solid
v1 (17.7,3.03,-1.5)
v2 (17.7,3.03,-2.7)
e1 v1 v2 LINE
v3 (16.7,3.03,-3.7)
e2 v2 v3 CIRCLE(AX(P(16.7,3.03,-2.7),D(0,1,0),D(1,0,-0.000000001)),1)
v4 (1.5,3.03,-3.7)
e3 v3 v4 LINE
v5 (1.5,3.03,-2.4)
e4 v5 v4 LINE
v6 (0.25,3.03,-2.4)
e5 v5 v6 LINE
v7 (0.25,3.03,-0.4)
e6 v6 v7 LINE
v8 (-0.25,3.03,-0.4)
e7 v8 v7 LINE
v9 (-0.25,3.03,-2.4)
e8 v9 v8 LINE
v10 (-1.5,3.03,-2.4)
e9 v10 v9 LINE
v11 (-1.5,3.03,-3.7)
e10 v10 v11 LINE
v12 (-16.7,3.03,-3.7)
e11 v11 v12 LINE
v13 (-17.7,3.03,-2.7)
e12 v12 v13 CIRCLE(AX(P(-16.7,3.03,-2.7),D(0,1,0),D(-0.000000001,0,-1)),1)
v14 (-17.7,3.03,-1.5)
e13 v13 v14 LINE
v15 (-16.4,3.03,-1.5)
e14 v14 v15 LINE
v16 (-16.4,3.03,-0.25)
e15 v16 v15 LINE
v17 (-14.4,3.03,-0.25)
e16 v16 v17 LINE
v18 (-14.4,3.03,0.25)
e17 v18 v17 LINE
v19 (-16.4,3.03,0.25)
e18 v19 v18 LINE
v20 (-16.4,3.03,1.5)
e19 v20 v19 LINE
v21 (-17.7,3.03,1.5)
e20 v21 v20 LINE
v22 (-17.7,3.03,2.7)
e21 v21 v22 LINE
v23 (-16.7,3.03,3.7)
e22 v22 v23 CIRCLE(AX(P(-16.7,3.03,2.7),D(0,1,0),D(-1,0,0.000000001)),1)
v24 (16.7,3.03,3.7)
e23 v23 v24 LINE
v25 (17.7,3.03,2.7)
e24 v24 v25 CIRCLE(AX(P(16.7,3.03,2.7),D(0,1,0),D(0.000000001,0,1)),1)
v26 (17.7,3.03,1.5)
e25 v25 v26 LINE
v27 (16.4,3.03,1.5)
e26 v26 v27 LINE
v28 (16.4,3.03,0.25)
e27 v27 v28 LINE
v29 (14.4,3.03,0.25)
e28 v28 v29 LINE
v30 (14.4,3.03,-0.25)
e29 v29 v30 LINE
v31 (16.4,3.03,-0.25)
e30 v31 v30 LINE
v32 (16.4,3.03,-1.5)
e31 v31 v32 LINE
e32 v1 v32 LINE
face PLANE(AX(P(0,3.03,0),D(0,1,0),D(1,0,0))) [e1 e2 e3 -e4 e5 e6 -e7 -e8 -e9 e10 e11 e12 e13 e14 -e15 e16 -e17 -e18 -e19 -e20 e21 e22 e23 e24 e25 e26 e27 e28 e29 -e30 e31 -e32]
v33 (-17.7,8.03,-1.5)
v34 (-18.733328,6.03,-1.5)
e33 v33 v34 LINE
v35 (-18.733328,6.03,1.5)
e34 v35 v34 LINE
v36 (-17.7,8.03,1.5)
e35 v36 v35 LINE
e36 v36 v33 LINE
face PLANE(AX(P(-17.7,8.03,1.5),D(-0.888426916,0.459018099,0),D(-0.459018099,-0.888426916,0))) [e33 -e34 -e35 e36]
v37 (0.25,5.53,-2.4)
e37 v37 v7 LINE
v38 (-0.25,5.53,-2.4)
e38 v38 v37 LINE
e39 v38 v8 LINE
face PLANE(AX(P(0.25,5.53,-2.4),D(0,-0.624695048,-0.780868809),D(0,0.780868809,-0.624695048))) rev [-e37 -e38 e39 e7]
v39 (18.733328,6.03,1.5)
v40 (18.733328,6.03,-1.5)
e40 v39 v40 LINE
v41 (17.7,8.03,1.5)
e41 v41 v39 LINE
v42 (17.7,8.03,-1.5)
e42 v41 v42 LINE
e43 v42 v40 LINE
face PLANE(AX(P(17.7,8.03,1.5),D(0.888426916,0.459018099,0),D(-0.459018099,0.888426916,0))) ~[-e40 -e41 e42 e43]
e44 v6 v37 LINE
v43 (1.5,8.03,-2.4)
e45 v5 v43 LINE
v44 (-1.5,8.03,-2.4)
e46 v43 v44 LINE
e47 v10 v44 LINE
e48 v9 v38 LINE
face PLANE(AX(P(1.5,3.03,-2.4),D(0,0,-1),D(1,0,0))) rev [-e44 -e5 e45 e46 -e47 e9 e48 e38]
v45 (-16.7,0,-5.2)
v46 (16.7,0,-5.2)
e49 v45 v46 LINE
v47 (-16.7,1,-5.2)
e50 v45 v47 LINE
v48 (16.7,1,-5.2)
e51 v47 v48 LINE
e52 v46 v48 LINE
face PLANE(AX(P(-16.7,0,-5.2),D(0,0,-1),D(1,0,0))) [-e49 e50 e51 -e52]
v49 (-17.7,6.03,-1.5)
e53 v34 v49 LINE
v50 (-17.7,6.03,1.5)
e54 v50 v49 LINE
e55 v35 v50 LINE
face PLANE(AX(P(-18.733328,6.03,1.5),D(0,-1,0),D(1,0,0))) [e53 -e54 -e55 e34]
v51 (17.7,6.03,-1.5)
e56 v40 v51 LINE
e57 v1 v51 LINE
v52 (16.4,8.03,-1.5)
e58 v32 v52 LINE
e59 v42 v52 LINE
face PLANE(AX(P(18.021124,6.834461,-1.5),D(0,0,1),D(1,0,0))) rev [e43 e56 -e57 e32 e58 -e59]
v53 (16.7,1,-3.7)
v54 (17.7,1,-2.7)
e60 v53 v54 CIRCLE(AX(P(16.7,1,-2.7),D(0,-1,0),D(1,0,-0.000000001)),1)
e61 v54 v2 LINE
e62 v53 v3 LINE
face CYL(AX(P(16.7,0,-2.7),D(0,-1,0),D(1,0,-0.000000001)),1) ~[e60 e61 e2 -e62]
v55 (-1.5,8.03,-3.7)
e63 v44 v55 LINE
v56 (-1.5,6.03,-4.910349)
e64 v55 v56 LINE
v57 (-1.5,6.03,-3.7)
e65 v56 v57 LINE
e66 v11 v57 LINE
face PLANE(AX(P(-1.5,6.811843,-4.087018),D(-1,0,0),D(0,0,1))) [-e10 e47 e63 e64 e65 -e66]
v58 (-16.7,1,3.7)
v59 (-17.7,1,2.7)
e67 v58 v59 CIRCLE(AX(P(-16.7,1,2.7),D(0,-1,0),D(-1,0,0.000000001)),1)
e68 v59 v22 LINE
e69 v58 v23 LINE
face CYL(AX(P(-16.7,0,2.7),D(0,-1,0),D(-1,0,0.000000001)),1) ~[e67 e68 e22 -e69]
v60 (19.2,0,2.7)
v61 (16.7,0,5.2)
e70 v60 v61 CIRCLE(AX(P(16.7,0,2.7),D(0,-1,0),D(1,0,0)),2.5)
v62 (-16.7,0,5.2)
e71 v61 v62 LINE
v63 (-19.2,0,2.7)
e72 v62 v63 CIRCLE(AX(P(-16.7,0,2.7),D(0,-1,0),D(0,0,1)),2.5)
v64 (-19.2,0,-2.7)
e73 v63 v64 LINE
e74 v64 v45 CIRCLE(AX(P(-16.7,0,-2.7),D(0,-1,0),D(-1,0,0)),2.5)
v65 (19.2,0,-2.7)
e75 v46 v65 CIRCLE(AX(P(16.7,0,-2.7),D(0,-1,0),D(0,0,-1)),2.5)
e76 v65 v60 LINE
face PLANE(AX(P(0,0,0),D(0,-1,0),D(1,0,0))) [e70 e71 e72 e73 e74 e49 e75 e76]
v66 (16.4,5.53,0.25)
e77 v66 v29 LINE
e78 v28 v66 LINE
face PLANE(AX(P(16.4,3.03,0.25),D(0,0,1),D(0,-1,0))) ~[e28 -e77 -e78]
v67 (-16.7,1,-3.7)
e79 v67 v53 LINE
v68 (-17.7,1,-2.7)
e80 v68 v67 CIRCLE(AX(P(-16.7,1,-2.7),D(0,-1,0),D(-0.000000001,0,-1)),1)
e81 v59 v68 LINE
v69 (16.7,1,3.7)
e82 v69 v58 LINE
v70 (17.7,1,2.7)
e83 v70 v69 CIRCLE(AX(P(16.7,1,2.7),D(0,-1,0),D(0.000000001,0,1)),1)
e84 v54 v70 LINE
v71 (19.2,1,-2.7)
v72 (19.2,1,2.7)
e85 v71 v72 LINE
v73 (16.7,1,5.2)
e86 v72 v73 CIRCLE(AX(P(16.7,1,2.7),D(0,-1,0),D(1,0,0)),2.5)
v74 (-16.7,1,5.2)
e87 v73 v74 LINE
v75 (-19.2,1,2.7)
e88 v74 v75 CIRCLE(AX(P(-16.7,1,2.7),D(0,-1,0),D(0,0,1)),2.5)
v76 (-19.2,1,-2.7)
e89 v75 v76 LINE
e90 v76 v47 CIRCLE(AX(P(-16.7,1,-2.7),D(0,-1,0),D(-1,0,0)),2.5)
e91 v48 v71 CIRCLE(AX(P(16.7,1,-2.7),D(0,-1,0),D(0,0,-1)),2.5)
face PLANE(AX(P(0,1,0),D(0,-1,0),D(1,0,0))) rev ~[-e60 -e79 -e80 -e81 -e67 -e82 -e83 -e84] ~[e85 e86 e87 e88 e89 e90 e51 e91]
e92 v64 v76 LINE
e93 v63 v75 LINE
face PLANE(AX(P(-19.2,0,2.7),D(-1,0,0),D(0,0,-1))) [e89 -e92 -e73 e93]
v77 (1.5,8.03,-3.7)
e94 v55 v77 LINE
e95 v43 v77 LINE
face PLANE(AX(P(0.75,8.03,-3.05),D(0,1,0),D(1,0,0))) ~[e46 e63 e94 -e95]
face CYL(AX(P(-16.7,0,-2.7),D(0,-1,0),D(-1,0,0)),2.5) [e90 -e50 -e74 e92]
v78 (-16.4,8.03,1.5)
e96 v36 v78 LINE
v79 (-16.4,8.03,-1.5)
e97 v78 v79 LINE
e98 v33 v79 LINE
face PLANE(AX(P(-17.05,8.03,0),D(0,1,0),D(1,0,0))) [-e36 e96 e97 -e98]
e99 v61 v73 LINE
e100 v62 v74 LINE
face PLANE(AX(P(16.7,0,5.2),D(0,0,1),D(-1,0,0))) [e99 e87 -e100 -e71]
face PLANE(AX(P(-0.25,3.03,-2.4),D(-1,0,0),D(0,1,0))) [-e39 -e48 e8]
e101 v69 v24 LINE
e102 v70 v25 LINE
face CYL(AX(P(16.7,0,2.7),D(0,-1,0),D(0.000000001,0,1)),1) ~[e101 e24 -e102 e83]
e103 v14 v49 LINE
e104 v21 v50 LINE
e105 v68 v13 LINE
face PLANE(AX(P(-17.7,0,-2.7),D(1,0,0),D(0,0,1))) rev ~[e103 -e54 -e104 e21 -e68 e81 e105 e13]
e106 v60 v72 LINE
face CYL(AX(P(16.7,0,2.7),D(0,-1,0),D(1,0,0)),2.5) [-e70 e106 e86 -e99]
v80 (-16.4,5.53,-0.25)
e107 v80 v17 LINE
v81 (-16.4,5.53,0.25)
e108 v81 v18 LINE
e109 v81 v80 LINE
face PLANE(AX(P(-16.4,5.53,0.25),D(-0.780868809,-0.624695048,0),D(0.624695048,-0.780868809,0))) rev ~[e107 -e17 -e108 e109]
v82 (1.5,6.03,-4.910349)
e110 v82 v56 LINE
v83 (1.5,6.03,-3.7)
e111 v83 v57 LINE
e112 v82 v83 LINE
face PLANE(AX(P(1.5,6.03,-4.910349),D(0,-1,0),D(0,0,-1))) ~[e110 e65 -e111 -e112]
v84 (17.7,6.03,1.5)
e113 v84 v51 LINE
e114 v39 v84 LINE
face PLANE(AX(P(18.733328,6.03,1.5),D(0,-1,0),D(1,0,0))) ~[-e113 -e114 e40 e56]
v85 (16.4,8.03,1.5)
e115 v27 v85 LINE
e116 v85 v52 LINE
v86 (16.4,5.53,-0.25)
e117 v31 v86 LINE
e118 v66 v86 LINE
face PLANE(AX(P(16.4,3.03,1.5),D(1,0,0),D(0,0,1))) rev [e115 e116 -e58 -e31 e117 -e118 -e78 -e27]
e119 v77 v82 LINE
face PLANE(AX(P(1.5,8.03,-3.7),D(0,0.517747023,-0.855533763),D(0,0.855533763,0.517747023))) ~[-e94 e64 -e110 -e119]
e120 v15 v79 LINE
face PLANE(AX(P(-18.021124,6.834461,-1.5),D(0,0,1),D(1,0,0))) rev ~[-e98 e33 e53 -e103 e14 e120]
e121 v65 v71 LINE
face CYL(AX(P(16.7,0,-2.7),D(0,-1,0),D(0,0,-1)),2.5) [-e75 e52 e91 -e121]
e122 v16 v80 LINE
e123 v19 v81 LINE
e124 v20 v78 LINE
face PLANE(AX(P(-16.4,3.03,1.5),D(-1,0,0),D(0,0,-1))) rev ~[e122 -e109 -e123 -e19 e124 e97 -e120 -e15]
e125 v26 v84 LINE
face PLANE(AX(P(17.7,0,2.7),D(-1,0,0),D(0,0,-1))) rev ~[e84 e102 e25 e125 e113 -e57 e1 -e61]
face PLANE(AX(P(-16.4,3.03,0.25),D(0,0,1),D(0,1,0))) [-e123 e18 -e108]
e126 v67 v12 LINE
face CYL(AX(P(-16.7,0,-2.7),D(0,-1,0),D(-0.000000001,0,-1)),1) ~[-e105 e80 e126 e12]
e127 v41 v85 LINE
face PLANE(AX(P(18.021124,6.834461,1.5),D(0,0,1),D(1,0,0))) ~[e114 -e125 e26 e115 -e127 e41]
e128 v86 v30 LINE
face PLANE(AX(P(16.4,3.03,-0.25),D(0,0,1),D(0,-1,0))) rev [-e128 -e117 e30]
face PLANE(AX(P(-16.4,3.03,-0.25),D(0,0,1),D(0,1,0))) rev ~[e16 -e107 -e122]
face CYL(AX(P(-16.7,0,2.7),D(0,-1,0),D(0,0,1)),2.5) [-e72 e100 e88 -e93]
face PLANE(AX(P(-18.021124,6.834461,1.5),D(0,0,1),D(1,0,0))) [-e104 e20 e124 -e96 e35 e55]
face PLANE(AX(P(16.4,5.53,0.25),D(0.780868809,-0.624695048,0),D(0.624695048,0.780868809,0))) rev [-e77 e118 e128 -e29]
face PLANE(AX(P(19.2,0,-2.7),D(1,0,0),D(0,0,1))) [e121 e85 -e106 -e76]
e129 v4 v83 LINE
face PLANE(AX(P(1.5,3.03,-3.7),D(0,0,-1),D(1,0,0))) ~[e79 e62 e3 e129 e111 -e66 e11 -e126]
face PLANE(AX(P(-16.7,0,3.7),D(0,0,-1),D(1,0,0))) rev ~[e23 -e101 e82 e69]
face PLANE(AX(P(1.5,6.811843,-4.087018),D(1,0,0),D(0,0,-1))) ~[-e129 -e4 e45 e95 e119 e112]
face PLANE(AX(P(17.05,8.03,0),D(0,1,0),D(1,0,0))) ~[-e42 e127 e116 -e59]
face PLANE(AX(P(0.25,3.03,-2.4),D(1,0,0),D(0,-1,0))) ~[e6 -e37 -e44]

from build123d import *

# Parameters (mm, degrees)
BOSS_EXTRUDE1_DEPTH = 3.03
BOSS_EXTRUDE2_DEPTH = 1
SKETCH3_W           = 1.3
SKETCH3_H           = 3
SKETCH3_W_2         = 1.5
SKETCH3_H_2         = 1.3
BOSS_EXTRUDE3_DEPTH = 5
BOSS_EXTRUDE4_DEPTH = 3
BOSS_EXTRUDE5_DEPTH = 1.5
SKETCH9_W           = 0.5
SKETCH9_H           = 2.5
BOSS_EXTRUDE6_DEPTH = 2
CUT_EXTRUDE1_DEPTH  = 0.5
SKETCH11_W          = 0.25
SKETCH11_H          = 2.5
BOSS_EXTRUDE7_DEPTH = 2
CUT_EXTRUDE2_DEPTH  = 0.25


with BuildPart() as part:
    # Sketch1 → Boss-Extrude1 (new body)
    with BuildSketch(Plane(origin=(0, 0, 0), x_dir=(1, 0, 0), z_dir=(0, 1, 0))):
        with BuildLine():
            Line((-16.7, -3.7), (16.7, -3.7))
            ThreePointArc((16.7, -3.7), (17.407106781, -3.407106781), (17.7, -2.7))
            Line((17.7, -2.7), (17.7, 2.7))
            ThreePointArc((17.7, 2.7), (17.407106781, 3.407106781), (16.7, 3.7))
            Line((16.7, 3.7), (-16.7, 3.7))
            ThreePointArc((-16.7, 3.7), (-17.407106781, 3.407106781), (-17.7, 2.7))
            Line((-17.7, 2.7), (-17.7, -2.7))
            ThreePointArc((-17.7, -2.7), (-17.407106781, -3.407106781), (-16.7, -3.7))
        make_face()
    extrude(amount=BOSS_EXTRUDE1_DEPTH)

    # Sketch2 → Boss-Extrude2 (add)
    with BuildSketch(Plane.XZ):
        with BuildLine():
            Line((16.7, 5.2), (-16.7, 5.2))
            ThreePointArc((-16.7, 5.2), (-18.467766953, 4.467766953), (-19.2, 2.7))
            Line((-19.2, 2.7), (-19.2, -2.7))
            ThreePointArc((-19.2, -2.7), (-18.467766953, -4.467766953), (-16.7, -5.2))
            Line((-16.7, -5.2), (16.7, -5.2))
            ThreePointArc((16.7, -5.2), (18.467766953, -4.467766953), (19.2, -2.7))
            Line((19.2, -2.7), (19.2, 2.7))
            ThreePointArc((19.2, 2.7), (18.467766953, 4.467766953), (16.7, 5.2))
        make_face()
    extrude(amount=-BOSS_EXTRUDE2_DEPTH)

    # Sketch3 → Boss-Extrude3 (add)
    with BuildSketch(Plane(origin=(0, 3.03, 0), x_dir=(1, 0, 0), z_dir=(0, 1, 0))):
        with Locations((-17.05, 0)):
            Rectangle(SKETCH3_W, SKETCH3_H)
        with Locations((-0.75, 3.05)):
            Rectangle(SKETCH3_W_2, SKETCH3_H_2)
    boss_extrude3 = extrude(amount=BOSS_EXTRUDE3_DEPTH)

    # Sketch5 → Boss-Extrude4 (add)
    with BuildSketch(Plane.XY.offset(1.5)):
        Polygon((-17.7, 8.03), (-18.733327763, 6.03), (-17.7, 6.03), align=None)
    boss_extrude4 = extrude(amount=-BOSS_EXTRUDE4_DEPTH)

    # Sketch8 → Boss-Extrude5 (add)
    with BuildSketch(Plane.ZY.offset(1.5)):
        Polygon((-3.7, 8.03), (-4.910348547, 6.03), (-3.7, 6.03), align=None)
    boss_extrude5 = extrude(amount=-BOSS_EXTRUDE5_DEPTH)

    # Sketch9 → Boss-Extrude6 (add)
    with BuildSketch(Plane(origin=(-16.4, 0, 0), x_dir=(0, 0, -1), z_dir=(1, 0, 0))):
        with Locations((0, 4.28)):
            Rectangle(SKETCH9_W, SKETCH9_H)
    boss_extrude6 = extrude(amount=BOSS_EXTRUDE6_DEPTH)

    # Sketch10 → Cut-Extrude1 (cut)
    with BuildSketch(Plane.XY.offset(0.25)):
        Polygon((-16.4, 5.53), (-14.4, 3.03), (-14.4, 5.53), align=None)
    cut_extrude1 = extrude(amount=-CUT_EXTRUDE1_DEPTH, mode=Mode.SUBTRACT)

    # Sketch11 → Boss-Extrude7 (add)
    with BuildSketch(Plane.XY.offset(-2.4)):
        with Locations((-0.125, 4.28)):
            Rectangle(SKETCH11_W, SKETCH11_H)
    boss_extrude7 = extrude(amount=BOSS_EXTRUDE7_DEPTH)

    # Sketch12 → Cut-Extrude2 (cut)
    with BuildSketch(Plane.ZY.offset(0.25)):
        Polygon((-2.4, 5.53), (-0.4, 3.03), (-0.4, 5.53), align=None)
    cut_extrude2 = extrude(amount=-CUT_EXTRUDE2_DEPTH, mode=Mode.SUBTRACT)

    # Mirror1: Boss-Extrude3, Boss-Extrude4, Boss-Extrude5, Boss-Extrude6, Cut-Extrude1, Boss-Extrude7, Cut-Extrude2 across plane
    add(boss_extrude3.mirror(Plane(origin=(0, 0, 0), x_dir=(0, 0, 1), z_dir=(1, 0, 0))))
    add(boss_extrude4.mirror(Plane(origin=(0, 0, 0), x_dir=(0, 0, 1), z_dir=(1, 0, 0))))
    add(boss_extrude5.mirror(Plane(origin=(0, 0, 0), x_dir=(0, 0, 1), z_dir=(1, 0, 0))))
    add(boss_extrude6.mirror(Plane(origin=(0, 0, 0), x_dir=(0, 0, 1), z_dir=(1, 0, 0))))
    add(cut_extrude1.mirror(Plane(origin=(0, 0, 0), x_dir=(0, 0, 1), z_dir=(1, 0, 0))), mode=Mode.SUBTRACT)
    add(boss_extrude7.mirror(Plane(origin=(0, 0, 0), x_dir=(0, 0, 1), z_dir=(1, 0, 0))))
    add(cut_extrude2.mirror(Plane(origin=(0, 0, 0), x_dir=(0, 0, 1), z_dir=(1, 0, 0))), mode=Mode.SUBTRACT)


solid = part.part
